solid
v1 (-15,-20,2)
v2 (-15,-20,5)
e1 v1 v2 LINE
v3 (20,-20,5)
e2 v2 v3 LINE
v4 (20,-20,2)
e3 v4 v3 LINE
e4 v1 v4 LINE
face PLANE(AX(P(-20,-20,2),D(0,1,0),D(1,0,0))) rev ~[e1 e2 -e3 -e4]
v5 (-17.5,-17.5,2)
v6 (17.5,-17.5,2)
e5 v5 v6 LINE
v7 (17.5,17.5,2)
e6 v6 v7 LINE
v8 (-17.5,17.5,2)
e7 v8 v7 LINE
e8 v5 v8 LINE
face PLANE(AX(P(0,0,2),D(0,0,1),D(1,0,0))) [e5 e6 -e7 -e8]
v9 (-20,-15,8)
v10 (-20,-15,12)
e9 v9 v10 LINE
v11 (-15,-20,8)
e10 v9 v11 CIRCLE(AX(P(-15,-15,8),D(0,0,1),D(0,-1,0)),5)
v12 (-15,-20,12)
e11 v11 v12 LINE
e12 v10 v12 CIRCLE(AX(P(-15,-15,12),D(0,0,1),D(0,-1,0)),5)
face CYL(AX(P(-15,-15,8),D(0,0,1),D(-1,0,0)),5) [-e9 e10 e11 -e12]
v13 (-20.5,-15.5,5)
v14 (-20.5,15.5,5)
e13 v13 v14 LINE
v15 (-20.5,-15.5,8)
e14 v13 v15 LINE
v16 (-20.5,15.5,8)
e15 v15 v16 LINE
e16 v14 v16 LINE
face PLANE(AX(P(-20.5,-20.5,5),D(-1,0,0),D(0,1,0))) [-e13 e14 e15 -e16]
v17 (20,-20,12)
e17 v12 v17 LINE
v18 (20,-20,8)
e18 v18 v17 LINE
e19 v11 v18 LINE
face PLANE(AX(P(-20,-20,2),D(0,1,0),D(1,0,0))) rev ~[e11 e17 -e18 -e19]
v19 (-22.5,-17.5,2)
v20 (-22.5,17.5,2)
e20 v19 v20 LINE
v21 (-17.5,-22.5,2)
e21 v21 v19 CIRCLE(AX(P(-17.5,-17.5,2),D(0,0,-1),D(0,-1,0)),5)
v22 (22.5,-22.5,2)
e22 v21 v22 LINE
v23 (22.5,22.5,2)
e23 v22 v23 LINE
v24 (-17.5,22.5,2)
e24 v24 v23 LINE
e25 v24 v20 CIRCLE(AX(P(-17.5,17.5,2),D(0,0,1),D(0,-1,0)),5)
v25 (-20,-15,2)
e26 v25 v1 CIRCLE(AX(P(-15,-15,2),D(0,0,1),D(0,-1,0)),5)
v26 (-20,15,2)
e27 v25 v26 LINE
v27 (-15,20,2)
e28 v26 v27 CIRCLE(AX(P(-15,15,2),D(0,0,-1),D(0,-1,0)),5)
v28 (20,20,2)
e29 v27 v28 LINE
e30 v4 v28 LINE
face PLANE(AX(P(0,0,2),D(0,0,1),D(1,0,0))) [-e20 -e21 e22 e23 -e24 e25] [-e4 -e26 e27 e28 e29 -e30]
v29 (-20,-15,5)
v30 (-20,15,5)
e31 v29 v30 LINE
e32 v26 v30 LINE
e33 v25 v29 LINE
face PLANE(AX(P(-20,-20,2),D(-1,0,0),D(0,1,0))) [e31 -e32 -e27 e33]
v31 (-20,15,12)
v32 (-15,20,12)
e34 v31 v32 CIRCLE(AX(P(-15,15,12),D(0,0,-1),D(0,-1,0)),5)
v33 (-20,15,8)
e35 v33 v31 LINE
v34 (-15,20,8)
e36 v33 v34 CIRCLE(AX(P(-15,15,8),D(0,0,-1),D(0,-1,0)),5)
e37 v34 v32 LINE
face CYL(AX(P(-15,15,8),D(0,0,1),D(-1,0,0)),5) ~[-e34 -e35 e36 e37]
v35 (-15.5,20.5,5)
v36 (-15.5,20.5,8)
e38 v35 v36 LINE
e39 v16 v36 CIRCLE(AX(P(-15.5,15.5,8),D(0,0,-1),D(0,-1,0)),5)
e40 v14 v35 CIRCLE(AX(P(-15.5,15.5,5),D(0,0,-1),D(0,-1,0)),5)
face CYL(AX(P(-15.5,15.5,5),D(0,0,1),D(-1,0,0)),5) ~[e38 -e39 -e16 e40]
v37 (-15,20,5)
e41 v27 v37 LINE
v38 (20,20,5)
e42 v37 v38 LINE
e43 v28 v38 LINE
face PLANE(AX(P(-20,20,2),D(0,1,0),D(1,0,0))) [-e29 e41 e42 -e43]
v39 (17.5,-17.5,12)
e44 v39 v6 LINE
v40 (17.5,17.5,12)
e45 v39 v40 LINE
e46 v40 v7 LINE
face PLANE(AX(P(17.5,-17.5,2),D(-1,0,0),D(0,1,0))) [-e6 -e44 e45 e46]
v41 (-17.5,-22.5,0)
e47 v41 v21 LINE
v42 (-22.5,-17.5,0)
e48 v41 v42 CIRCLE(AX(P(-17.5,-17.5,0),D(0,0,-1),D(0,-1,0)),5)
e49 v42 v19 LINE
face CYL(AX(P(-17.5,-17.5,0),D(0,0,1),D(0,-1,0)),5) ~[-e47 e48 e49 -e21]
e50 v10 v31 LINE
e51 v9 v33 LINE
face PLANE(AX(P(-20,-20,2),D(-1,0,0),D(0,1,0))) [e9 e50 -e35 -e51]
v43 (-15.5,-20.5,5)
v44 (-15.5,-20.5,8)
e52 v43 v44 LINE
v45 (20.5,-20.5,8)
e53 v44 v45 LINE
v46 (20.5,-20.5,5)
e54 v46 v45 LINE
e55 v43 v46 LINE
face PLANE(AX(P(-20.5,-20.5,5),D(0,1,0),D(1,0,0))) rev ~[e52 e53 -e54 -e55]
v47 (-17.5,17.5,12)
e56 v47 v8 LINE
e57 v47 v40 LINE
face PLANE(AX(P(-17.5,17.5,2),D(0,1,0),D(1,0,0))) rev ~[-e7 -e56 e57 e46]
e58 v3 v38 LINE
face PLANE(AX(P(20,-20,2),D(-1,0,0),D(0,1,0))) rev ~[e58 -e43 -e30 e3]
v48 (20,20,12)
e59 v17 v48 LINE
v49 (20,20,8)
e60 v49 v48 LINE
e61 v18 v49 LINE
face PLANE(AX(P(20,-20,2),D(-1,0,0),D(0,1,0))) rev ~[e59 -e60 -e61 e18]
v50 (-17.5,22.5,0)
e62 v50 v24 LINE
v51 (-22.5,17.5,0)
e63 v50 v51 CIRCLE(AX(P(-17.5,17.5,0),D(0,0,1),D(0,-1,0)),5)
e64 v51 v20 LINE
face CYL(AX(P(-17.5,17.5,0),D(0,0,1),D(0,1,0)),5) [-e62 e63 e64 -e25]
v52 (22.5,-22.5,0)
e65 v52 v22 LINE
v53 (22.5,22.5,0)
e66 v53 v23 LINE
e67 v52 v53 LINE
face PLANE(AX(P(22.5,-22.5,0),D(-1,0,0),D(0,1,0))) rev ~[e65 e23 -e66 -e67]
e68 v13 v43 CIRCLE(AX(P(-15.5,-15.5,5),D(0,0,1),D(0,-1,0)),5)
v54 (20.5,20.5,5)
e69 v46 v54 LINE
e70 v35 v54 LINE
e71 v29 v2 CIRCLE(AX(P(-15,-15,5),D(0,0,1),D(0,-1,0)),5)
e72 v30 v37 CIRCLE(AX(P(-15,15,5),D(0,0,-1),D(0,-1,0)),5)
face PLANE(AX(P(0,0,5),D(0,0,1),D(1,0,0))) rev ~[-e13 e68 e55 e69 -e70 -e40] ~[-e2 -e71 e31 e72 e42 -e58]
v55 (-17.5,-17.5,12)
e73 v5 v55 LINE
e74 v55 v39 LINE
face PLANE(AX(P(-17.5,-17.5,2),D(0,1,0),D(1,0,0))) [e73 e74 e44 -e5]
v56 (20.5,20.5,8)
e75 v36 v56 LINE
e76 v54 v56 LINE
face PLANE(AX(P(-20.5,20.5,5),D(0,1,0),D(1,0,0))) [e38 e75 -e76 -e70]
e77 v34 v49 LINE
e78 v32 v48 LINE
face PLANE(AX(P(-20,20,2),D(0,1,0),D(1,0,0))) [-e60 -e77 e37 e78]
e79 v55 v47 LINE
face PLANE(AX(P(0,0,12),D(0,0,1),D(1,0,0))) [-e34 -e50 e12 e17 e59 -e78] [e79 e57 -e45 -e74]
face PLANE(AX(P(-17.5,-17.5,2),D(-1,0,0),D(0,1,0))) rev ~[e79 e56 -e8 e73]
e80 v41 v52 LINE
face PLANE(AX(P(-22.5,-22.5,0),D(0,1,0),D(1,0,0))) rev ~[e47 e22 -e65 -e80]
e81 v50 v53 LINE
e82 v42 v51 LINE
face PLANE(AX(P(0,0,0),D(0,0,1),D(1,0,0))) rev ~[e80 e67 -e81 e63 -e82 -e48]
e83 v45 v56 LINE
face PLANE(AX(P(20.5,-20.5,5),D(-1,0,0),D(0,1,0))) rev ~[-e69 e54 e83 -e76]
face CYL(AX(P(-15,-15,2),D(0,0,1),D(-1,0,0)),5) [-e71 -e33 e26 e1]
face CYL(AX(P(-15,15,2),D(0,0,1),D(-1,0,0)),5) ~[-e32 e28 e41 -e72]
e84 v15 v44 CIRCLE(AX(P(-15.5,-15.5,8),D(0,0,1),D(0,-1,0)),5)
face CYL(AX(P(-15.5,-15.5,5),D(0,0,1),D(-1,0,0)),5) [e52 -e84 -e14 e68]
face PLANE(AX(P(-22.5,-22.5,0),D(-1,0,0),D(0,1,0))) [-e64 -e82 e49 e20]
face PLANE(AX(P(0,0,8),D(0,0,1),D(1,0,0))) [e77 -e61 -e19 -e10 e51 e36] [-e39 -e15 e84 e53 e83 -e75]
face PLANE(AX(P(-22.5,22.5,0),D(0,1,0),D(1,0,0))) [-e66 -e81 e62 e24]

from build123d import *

# Parameters (mm, degrees)
F0_W     = 45
F0_H     = 45
F1_DEPTH = 2
F2_W     = 40
F2_H     = 40
F2_W_2   = 35
F2_H_2   = 35
F3_DEPTH = 10
F5_START = 3
F4_W     = 41
F4_H     = 41
F4_W_2   = 35
F4_H_2   = 35
F5_DEPTH = 3
F6_R     = 5


with BuildPart() as f1:
    # F0 (on Top) → F1 (new body)
    with BuildSketch(Plane.XY):
        Rectangle(F0_W, F0_H)
    extrude(amount=F1_DEPTH)

    # F2 (on face) → F3 (join)
    with BuildSketch(Plane.XY.offset(2)):
        Rectangle(F2_W, F2_H)
        Rectangle(F2_W_2, F2_H_2, mode=Mode.SUBTRACT)
    extrude(amount=F3_DEPTH)

    # F4 (on face) → F5 (join)
    with BuildSketch(Plane.XY.offset(2).offset(F5_START)):
        Rectangle(F4_W, F4_H)
        Rectangle(F4_W_2, F4_H_2, mode=Mode.SUBTRACT)
    extrude(amount=F5_DEPTH)

    # F6
    f6_edges = [f1.edges().sort_by_distance(p)[0] for p in [
        (-22.5, 22.5, 1),
        (-20, 20, 3.5),
        (-20.5, 20.5, 6.5),
        (-20, 20, 10),
        (-22.5, -22.5, 1),
        (-20, -20, 3.5),
        (-20.5, -20.5, 6.5),
        (-20, -20, 10),
    ]]
    fillet(f6_edges, radius=F6_R)


solid = f1.part
